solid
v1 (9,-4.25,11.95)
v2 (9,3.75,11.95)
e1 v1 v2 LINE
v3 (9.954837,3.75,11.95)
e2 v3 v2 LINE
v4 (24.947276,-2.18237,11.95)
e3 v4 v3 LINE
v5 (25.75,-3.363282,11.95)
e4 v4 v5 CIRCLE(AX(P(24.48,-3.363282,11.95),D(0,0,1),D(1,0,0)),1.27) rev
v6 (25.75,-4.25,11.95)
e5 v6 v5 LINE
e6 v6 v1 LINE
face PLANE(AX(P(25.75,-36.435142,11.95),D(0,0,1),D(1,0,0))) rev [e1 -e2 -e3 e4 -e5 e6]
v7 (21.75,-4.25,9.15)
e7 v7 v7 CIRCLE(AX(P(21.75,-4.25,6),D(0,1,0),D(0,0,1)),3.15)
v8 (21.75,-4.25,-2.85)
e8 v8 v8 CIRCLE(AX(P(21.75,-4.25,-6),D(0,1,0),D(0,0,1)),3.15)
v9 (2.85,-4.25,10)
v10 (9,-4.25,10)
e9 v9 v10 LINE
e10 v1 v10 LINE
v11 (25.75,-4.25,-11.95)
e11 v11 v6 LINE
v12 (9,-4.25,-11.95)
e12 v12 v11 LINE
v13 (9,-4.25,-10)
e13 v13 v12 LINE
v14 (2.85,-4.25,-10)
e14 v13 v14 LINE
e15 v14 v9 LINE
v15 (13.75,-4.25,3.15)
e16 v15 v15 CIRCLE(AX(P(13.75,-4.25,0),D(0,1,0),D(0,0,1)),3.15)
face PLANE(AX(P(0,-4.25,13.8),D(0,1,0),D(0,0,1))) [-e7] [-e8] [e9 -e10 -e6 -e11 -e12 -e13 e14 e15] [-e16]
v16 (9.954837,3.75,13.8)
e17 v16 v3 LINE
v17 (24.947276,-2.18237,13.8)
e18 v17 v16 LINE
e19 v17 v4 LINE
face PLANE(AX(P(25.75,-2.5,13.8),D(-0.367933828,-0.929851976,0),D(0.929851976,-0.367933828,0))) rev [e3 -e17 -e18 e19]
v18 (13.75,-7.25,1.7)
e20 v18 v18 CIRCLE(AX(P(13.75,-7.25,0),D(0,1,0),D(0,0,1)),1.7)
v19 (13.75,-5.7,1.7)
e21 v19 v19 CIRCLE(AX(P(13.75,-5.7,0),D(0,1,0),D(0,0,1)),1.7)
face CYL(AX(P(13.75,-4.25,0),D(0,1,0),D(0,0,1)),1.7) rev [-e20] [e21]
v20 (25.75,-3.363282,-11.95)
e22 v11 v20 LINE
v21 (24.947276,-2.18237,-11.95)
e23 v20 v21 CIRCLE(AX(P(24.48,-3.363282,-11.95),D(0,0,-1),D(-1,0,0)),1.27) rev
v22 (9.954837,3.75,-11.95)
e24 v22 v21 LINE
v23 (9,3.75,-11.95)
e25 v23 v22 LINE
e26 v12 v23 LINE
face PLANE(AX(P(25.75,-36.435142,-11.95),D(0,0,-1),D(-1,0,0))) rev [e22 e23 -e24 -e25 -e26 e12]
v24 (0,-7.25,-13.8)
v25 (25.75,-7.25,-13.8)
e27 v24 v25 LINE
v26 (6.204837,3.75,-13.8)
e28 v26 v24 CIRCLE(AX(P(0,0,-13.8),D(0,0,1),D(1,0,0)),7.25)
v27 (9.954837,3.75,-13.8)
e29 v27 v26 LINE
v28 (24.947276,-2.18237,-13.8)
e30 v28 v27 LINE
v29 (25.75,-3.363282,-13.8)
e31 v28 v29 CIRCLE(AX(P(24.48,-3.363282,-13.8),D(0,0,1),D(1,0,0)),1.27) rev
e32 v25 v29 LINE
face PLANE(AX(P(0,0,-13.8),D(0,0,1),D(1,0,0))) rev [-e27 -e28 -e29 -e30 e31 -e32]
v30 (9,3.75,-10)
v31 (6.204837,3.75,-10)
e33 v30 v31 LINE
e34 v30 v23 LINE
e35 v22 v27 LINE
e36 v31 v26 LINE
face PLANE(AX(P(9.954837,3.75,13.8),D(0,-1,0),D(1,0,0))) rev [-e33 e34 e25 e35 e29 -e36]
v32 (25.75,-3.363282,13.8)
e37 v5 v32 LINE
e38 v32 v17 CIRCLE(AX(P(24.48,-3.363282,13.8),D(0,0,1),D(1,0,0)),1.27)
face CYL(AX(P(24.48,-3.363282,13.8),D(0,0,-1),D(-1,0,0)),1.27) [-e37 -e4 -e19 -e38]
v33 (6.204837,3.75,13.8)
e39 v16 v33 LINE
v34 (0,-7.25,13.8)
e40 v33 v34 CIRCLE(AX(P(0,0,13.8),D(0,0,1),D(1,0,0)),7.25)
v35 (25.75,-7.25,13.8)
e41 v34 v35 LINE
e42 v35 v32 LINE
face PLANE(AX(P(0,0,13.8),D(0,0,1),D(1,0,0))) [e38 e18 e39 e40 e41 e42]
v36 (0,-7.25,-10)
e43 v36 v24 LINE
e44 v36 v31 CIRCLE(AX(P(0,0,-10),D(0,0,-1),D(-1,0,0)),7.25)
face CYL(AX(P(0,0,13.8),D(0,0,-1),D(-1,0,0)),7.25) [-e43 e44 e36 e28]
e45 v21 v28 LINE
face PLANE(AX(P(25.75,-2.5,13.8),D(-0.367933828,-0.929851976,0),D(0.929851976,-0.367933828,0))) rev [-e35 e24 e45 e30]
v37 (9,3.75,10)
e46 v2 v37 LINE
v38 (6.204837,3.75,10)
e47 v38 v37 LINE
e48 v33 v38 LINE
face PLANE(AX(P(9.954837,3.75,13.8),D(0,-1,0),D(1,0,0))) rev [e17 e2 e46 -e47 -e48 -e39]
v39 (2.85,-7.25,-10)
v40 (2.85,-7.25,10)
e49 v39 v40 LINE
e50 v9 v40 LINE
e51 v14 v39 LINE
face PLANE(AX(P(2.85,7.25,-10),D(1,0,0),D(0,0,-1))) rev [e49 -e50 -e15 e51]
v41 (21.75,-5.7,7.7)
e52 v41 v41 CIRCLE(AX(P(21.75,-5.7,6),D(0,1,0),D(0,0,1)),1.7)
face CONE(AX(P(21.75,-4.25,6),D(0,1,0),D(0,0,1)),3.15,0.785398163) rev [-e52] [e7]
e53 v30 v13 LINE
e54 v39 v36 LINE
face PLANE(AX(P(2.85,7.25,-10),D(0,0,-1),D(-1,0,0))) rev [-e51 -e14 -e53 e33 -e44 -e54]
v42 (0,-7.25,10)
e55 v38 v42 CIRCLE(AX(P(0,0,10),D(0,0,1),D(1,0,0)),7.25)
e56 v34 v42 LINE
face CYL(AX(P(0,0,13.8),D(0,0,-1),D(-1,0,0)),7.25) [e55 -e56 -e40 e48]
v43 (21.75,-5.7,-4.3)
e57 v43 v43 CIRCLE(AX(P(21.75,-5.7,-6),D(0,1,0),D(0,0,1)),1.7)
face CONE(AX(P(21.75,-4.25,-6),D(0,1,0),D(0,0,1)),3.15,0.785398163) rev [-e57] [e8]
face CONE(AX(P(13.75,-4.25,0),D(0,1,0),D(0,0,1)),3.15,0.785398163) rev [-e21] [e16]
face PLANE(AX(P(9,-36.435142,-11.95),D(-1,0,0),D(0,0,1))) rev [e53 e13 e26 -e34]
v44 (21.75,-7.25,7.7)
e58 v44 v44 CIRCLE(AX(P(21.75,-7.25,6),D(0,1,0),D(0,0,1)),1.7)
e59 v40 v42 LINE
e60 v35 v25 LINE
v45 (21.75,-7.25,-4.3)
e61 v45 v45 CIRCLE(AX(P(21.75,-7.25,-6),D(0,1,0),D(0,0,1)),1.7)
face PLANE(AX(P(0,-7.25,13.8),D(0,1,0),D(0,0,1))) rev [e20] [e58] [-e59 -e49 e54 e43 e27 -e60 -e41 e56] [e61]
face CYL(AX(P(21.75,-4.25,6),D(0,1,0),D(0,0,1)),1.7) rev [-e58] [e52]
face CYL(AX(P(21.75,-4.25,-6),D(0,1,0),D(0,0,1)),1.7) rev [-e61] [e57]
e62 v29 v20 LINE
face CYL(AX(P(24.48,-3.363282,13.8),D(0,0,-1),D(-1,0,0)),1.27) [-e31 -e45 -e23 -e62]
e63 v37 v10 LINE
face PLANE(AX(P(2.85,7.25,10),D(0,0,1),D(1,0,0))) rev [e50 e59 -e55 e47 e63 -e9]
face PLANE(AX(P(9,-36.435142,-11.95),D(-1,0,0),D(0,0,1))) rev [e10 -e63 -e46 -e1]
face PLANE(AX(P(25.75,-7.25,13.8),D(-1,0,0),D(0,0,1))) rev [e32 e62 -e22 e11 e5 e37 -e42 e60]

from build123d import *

# Parameters (mm, degrees)
BOSS_EXTRUDE1_DEPTH                            = 13.8
SKETCH2_W                                      = 16.75
SKETCH2_H                                      = 23.9
CUT_EXTRUDE1_DEPTH                             = 8.25
CUT_EXTRUDE1_DEPTH_BACK                        = 4.25
SKETCH3_W                                      = 10.1
SKETCH3_H                                      = 20
CUT_EXTRUDE2_DEPTH                             = 15.5
SKETCH4_W                                      = 6.15
SKETCH4_H                                      = 20
CUT_EXTRUDE3_DEPTH                             = 12.5
FILLET1_R                                      = 1.27
CSK_FOR_M3_FLAT_HEAD_MACHINE_SCREW1_AT_2_COUNT = 2
CSK_FOR_M3_FLAT_HEAD_MACHINE_SCREW1_AT_2_PITCH = 10
CSK_FOR_M3_FLAT_HEAD_MACHINE_SCREW1_AT_3_COUNT = 2
CSK_FOR_M3_FLAT_HEAD_MACHINE_SCREW1_AT_3_PITCH = 12


with BuildPart() as part:
    # Sketch1 → Boss-Extrude1 (new body, symmetric)
    with BuildSketch(Plane.XY):
        with BuildLine():
            Line((0, -7.25), (25.75, -7.25))
            Line((25.75, -7.25), (25.75, -2.5))
            Line((25.75, -2.5), (9.954836823, 3.75))
            Line((9.954836823, 3.75), (6.204836823, 3.75))
            ThreePointArc((6.204836823, 3.75), (-6.31466547, 3.561951712), (0, -7.25))
        make_face()
    extrude(amount=BOSS_EXTRUDE1_DEPTH, both=True)

    # Sketch2 → Cut-Extrude1 (cut, two sides)
    with BuildSketch(Plane(origin=(0, 0, 0), x_dir=(1, 0, 0), z_dir=(0, 1, 0))) as cut_extrude1_sk:
        with Locations((17.375, 0)):
            Rectangle(SKETCH2_W, SKETCH2_H)
    extrude(amount=CUT_EXTRUDE1_DEPTH, mode=Mode.SUBTRACT)
    extrude(cut_extrude1_sk.sketch, amount=-CUT_EXTRUDE1_DEPTH_BACK, mode=Mode.SUBTRACT)

    # Sketch3 → Cut-Extrude2 (cut, through all)
    with BuildSketch(Plane.XZ.offset(7.25)):
        with Locations((-2.2, 0)):
            Rectangle(SKETCH3_W, SKETCH3_H)
    extrude(amount=-CUT_EXTRUDE2_DEPTH, mode=Mode.SUBTRACT)

    # Sketch4 → Cut-Extrude3 (cut, through all)
    with BuildSketch(Plane(origin=(0, -4.25, 0), x_dir=(1, 0, 0), z_dir=(0, 1, 0))):
        with Locations((5.925, 0)):
            Rectangle(SKETCH4_W, SKETCH4_H)
    extrude(amount=CUT_EXTRUDE3_DEPTH, mode=Mode.SUBTRACT)

    # Fillet1
    fillet1_edges = [part.edges().sort_by_distance(p)[0] for p in [
        (25.75, -2.5, -12.875),
        (25.75, -2.5, 12.875),
    ]]
    fillet(fillet1_edges, radius=FILLET1_R)

    # Sketch6 → CSK for M3 Flat Head Machine Screw1 (revolve, cut)
    with BuildSketch(Plane(origin=(21.75, -4.25, -6), x_dir=(0, 0, 1), z_dir=(1, 0, 0))):
        Polygon((0, 0), (0, 3), (1.7, 3), (1.7, 1.45), (3.15, 0), align=None)
    csk_for_m3_flat_head_machine_screw1 = revolve(axis=Axis((21.75, 2.1, -6), (0, -1, 0)), mode=Mode.SUBTRACT)

    # CSK for M3 Flat Head Machine Screw1 at 2: CSK for M3 Flat Head Machine Screw1 ×2
    with Locations(*[Vector(-0.8, 0, 0.6) * (i * CSK_FOR_M3_FLAT_HEAD_MACHINE_SCREW1_AT_2_PITCH) for i in range(1, CSK_FOR_M3_FLAT_HEAD_MACHINE_SCREW1_AT_2_COUNT)]):
        add(csk_for_m3_flat_head_machine_screw1, mode=Mode.SUBTRACT)

    # CSK for M3 Flat Head Machine Screw1 at 3: CSK for M3 Flat Head Machine Screw1 ×2
    with Locations(*[(0, 0, i * CSK_FOR_M3_FLAT_HEAD_MACHINE_SCREW1_AT_3_PITCH) for i in range(1, CSK_FOR_M3_FLAT_HEAD_MACHINE_SCREW1_AT_3_COUNT)]):
        add(csk_for_m3_flat_head_machine_screw1, mode=Mode.SUBTRACT)


solid = part.part
